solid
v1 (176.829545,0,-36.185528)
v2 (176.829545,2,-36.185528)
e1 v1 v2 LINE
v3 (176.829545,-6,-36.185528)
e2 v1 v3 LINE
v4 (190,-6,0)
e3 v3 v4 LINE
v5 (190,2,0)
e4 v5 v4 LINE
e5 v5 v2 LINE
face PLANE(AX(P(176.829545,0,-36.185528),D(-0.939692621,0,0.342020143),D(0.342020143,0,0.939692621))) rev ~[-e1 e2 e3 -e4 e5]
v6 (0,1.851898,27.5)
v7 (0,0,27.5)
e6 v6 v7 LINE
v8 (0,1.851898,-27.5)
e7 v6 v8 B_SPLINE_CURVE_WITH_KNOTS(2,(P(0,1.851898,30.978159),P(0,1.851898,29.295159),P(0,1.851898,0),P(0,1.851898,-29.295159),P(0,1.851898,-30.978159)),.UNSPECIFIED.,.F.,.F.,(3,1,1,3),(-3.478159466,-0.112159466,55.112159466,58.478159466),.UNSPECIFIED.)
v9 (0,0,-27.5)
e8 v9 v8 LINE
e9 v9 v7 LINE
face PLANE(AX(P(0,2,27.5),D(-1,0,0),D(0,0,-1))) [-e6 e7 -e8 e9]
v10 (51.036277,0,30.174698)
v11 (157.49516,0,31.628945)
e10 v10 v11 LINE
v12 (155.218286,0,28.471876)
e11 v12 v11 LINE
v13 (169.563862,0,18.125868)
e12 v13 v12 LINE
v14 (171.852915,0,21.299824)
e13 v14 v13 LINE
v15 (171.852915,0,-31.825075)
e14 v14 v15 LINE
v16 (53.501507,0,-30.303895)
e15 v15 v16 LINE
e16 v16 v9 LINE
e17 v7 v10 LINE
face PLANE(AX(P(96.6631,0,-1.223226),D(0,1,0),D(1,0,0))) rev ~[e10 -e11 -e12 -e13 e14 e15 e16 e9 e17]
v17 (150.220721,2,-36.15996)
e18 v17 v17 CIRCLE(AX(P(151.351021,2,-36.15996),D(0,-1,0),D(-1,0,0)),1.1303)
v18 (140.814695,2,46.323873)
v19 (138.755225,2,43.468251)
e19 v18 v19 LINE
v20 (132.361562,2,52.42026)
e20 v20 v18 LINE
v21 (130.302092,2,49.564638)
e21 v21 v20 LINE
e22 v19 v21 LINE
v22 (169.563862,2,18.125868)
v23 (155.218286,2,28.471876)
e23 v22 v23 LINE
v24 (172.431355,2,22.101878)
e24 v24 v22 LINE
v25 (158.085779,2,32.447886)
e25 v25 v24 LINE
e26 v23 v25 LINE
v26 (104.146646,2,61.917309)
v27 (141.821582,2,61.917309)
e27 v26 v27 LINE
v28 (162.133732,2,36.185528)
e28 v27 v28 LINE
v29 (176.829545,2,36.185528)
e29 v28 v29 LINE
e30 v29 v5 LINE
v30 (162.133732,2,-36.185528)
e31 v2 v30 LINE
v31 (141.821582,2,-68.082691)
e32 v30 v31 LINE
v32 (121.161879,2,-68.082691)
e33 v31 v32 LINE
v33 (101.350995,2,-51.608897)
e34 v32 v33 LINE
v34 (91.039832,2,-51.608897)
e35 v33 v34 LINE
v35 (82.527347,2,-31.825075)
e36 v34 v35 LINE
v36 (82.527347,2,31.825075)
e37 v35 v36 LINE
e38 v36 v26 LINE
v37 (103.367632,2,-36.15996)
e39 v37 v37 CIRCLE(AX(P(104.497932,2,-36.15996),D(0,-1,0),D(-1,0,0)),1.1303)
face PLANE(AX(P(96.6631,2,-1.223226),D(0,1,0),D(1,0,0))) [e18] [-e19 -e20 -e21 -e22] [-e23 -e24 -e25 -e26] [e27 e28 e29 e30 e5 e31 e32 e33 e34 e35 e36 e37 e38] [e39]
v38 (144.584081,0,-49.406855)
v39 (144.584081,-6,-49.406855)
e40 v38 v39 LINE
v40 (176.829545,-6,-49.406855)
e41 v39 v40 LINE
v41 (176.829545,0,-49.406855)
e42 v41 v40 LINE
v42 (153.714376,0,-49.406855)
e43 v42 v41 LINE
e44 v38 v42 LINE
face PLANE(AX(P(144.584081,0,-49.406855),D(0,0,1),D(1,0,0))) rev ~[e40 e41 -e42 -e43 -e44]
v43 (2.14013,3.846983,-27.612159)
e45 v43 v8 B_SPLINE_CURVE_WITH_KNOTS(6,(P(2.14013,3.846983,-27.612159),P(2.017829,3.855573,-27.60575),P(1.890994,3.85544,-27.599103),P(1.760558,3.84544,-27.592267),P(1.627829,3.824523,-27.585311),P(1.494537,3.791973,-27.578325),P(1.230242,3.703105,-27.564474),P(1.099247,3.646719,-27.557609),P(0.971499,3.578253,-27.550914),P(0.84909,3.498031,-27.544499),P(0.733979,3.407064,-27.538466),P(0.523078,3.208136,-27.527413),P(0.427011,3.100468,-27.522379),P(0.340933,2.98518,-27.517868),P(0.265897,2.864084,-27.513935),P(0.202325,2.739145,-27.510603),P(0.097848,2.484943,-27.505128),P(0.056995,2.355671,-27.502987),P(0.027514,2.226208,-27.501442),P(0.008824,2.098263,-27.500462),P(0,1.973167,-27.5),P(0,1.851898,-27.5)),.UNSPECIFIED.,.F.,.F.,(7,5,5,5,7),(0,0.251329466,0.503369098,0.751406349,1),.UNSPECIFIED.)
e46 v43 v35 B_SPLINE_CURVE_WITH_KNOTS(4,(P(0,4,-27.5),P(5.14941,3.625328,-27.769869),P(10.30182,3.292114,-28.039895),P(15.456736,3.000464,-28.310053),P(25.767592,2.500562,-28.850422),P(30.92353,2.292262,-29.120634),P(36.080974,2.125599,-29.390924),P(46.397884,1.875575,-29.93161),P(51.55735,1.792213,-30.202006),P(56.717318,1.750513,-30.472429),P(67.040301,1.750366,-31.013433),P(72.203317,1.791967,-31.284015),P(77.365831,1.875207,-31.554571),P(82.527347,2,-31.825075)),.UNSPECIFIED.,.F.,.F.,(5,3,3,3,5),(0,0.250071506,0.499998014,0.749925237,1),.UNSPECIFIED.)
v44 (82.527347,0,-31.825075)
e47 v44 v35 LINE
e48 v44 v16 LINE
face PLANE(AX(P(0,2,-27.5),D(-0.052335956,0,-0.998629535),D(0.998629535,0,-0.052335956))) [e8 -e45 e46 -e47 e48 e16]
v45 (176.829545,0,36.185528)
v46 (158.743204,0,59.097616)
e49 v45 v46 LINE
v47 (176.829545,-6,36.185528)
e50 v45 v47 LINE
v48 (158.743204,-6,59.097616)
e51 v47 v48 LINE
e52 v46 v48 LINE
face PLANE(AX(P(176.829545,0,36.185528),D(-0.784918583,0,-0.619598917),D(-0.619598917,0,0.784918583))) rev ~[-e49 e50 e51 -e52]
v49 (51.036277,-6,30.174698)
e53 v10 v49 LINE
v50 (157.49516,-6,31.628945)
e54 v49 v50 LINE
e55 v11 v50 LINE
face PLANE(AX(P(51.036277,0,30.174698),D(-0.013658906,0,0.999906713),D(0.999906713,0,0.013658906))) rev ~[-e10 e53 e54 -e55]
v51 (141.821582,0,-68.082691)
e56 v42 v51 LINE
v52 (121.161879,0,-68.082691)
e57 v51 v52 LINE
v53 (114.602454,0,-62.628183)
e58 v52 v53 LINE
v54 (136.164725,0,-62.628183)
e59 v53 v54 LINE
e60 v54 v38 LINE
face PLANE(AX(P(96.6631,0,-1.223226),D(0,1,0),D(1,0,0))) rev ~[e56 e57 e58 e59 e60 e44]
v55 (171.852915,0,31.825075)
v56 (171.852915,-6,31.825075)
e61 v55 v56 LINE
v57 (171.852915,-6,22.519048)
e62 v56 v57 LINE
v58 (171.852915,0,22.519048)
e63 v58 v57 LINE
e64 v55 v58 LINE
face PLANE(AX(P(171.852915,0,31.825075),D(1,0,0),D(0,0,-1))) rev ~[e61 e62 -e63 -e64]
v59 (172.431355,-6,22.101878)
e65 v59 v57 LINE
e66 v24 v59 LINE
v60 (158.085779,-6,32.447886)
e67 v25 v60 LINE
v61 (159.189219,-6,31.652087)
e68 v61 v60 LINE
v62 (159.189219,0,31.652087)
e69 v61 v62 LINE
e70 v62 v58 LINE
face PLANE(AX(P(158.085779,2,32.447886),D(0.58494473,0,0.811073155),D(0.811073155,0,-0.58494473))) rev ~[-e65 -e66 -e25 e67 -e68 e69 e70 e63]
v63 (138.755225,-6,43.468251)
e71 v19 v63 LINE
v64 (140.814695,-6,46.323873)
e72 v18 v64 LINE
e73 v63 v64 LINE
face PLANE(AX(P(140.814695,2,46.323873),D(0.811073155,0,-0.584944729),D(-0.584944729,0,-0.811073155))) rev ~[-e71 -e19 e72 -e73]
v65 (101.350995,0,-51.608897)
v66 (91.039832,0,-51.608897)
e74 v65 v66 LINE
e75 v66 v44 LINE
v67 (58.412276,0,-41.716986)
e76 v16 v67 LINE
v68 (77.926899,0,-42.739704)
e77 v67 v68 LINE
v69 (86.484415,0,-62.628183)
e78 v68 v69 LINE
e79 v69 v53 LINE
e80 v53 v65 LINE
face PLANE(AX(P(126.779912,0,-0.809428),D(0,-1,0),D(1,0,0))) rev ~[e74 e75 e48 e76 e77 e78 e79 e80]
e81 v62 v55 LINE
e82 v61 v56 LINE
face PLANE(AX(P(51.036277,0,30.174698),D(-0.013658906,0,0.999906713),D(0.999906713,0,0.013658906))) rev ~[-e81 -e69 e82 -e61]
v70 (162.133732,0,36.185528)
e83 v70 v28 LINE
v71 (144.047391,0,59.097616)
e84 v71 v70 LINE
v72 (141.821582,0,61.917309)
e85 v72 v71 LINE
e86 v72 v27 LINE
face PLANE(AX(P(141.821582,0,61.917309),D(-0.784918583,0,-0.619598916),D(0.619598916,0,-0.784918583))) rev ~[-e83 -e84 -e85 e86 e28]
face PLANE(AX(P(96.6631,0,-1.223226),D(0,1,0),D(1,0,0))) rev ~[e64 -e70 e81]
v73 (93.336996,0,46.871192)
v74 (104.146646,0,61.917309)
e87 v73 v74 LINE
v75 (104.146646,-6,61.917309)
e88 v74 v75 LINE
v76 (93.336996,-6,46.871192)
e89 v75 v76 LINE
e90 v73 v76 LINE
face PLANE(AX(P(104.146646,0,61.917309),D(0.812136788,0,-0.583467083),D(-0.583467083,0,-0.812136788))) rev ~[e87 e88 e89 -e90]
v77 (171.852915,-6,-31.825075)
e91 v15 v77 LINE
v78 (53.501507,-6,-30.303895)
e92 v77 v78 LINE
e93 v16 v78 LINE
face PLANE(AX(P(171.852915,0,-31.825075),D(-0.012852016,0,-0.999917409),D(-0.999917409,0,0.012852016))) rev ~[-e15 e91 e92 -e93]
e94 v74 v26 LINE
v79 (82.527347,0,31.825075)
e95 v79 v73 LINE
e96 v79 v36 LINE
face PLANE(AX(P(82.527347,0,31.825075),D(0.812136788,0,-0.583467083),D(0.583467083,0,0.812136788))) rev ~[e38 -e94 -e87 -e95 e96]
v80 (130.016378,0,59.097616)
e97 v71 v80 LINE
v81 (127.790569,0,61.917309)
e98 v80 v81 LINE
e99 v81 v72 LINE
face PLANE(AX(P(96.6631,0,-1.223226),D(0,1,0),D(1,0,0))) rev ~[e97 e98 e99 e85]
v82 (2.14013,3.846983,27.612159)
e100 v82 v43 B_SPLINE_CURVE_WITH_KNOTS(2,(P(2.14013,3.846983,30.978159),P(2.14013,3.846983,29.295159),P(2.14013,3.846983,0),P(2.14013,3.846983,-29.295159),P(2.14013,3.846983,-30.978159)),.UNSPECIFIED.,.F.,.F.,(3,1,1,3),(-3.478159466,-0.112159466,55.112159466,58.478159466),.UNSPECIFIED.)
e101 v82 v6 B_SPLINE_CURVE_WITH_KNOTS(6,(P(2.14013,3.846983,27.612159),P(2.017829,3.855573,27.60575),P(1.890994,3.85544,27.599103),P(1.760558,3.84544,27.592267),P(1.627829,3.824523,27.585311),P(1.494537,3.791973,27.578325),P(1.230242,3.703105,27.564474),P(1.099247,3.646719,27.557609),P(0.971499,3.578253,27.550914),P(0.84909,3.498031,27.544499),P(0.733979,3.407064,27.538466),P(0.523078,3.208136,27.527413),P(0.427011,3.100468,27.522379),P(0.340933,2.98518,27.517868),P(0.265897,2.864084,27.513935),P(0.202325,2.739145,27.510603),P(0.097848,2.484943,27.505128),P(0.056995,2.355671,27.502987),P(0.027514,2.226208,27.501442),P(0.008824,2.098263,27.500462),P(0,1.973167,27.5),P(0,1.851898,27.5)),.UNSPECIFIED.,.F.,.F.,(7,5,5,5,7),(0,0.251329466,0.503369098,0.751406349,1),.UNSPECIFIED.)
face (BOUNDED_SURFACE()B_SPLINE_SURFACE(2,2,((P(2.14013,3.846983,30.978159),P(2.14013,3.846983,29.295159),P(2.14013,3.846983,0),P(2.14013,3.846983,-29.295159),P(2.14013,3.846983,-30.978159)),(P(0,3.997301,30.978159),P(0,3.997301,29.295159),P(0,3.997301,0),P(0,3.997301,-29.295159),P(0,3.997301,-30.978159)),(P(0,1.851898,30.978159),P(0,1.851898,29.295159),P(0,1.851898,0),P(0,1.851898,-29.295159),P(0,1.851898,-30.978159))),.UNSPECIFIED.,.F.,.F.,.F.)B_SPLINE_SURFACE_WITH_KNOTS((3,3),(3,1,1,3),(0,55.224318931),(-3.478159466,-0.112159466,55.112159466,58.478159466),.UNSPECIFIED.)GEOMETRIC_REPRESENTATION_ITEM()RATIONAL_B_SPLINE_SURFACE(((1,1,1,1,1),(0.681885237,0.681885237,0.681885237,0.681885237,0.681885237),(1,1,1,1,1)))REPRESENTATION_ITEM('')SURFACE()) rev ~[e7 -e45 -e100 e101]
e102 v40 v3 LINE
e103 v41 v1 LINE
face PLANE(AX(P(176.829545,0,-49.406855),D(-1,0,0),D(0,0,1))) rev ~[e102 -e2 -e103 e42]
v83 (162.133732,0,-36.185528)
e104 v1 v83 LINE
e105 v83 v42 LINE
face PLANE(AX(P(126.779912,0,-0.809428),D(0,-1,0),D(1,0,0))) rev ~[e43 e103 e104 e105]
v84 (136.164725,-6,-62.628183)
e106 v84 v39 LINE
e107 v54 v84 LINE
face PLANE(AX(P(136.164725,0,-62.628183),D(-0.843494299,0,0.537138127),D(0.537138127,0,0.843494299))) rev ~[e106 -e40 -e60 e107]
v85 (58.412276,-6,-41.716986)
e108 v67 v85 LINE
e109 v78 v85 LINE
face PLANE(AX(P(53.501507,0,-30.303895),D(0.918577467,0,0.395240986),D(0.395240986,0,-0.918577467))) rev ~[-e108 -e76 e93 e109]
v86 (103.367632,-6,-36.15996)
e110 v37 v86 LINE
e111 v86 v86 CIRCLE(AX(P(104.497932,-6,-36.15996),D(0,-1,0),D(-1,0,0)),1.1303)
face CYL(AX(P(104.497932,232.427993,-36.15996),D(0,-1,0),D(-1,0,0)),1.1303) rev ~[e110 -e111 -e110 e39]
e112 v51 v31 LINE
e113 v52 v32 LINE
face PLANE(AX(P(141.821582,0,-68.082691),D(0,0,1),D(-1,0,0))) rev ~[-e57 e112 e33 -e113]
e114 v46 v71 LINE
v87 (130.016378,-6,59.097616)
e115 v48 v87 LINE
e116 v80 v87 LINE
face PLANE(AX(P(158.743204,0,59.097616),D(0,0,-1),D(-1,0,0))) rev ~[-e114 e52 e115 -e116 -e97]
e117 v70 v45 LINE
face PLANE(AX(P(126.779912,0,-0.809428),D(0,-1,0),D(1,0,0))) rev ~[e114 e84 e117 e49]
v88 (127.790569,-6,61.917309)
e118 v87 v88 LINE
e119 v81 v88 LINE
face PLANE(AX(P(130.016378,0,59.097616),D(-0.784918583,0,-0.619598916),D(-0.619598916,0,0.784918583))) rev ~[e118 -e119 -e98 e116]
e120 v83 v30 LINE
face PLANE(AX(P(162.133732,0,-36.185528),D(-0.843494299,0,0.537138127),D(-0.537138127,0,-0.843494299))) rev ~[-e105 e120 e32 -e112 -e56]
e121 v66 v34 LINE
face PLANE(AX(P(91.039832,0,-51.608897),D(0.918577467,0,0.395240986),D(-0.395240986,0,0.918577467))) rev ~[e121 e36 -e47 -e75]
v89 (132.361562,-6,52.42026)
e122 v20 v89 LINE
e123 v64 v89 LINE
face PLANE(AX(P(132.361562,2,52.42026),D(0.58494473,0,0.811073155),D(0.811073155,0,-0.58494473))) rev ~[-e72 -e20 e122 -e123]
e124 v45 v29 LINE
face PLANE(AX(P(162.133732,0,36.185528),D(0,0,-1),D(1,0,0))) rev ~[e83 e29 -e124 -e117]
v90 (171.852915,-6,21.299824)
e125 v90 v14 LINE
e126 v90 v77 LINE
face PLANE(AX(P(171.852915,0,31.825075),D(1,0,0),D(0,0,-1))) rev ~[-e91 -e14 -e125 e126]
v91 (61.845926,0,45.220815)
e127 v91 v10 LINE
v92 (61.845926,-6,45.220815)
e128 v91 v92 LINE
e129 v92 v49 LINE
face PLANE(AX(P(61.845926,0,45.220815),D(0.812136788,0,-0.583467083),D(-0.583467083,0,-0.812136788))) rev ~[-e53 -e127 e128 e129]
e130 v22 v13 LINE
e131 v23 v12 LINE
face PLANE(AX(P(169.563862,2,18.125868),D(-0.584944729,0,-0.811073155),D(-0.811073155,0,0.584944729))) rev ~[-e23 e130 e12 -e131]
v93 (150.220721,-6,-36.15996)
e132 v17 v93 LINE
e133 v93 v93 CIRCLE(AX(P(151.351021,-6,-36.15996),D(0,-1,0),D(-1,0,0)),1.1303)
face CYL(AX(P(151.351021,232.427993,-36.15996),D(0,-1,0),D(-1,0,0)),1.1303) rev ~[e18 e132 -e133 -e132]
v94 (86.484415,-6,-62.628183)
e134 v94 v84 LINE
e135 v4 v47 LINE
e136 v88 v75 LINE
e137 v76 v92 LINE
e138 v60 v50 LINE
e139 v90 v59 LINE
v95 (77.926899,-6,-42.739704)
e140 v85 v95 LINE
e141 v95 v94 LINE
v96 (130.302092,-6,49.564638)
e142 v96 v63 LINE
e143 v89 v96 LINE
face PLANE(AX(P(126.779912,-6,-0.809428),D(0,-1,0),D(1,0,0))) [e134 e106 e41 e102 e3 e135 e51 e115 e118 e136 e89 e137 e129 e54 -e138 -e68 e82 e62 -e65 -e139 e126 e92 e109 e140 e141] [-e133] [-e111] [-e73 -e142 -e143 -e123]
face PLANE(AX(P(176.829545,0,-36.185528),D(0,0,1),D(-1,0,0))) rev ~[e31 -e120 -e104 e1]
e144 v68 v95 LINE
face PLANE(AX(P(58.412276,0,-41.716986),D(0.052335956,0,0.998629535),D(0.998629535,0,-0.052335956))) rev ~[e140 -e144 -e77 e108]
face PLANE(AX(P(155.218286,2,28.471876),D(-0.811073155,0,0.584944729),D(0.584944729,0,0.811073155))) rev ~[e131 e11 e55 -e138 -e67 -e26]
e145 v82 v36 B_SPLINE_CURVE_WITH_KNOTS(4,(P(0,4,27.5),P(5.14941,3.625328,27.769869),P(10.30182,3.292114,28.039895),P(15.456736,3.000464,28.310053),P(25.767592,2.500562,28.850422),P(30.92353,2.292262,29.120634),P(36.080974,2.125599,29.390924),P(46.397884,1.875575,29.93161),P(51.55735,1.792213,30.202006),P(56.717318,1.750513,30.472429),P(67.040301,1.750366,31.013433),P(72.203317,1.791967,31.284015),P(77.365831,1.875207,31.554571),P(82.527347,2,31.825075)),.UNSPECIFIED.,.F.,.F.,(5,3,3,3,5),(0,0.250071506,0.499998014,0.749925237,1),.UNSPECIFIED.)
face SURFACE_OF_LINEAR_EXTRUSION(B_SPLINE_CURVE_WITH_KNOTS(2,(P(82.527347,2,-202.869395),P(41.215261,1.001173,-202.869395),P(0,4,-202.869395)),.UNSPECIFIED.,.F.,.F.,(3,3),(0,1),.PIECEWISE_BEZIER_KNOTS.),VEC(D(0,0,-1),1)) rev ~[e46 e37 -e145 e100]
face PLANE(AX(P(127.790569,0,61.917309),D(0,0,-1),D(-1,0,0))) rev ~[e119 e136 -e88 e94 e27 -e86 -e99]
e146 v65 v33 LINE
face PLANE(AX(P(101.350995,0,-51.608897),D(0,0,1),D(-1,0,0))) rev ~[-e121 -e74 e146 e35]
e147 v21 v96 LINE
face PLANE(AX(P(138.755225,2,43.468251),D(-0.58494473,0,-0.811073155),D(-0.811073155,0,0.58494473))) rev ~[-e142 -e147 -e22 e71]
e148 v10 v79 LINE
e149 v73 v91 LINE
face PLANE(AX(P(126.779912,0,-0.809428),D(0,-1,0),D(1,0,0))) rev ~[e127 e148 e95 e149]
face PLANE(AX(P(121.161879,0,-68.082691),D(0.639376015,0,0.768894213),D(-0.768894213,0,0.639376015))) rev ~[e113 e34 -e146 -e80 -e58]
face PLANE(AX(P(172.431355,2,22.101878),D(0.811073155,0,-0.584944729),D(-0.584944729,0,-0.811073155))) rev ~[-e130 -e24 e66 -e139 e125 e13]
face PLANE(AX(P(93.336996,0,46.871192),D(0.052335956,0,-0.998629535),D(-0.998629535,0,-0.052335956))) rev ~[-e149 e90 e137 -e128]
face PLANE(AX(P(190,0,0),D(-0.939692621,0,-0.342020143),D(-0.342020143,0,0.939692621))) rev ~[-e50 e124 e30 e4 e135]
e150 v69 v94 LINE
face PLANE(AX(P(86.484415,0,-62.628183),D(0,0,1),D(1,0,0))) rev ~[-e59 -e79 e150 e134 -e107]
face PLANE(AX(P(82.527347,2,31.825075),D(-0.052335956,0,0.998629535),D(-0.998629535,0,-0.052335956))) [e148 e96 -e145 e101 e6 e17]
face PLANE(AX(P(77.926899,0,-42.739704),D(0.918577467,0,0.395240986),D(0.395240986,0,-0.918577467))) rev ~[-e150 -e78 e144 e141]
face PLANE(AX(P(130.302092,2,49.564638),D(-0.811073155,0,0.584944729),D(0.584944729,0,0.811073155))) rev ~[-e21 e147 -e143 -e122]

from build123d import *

# Parameters (mm, degrees)
EXTRUDE_1_DEPTH          = 2
EXTRUDE_2_DEPTH          = 2
CUT_EXTRUDE_3_DEPTH      = 202.869395429
CUT_EXTRUDE_3_DEPTH_BACK = 202.869395429
FILLET_1_R               = 2
EXTRUDE_4_DEPTH          = 6
HOLE_WIZARD_4_40_2_D     = 2.2606
CUT_EXTRUDE_7_DEPTH      = 202.98824919


with BuildPart() as part:
    # 草图2 → 凸台-拉伸1 (new body)
    with BuildSketch(Plane(origin=(0, 0, 0), x_dir=(1, 0, 0), z_dir=(0, 1, 0))):
        Polygon((141.821582241, 68.082690978), (121.161879345, 68.082690978), (101.35099463, 51.608897425), (91.039832206, 51.608897425), (82.527346571, 31.825074964), (0, 27.5), (0, -27.5), (82.527346571, -31.825074964), (104.14664553, -61.917309022), (141.821582241, -61.917309022), (162.133732132, -36.18552755), (176.829545061, -36.18552755), (190, 0), (176.829545061, 36.18552755), (162.133732132, 36.18552755), align=None)
    extrude(amount=EXTRUDE_1_DEPTH)

    # 草图6 → 凸台-拉伸2 (add)
    with BuildSketch(Plane(origin=(0, 2, 0), x_dir=(1, 0, 0), z_dir=(0, 1, 0))):
        Polygon((82.527346571, 31.825074964), (82.527346571, -31.825074964), (0, -27.5), (0, 27.5), align=None)
    extrude(amount=EXTRUDE_2_DEPTH)

    # 草图7 → 切除-拉伸3 (cut, two sides: drawn at the far end of the back side and taken through both)
    with BuildSketch(Plane.XY.offset(-CUT_EXTRUDE_3_DEPTH_BACK)):
        with BuildLine():
            Line((82.527346571, 2), (82.527346571, 30.740821148))
            Line((82.527346571, 30.740821148), (0, 4))
            add(Edge.make_bspline(
                [(82.527346571, 2), (41.215261335, 1.001172546), (0, 4)],
                knots=[0, 0, 0, 1, 1, 1], degree=2))
        make_face()
    extrude(amount=CUT_EXTRUDE_3_DEPTH + CUT_EXTRUDE_3_DEPTH_BACK, mode=Mode.SUBTRACT)

    # 圆角1
    fillet_1_edges = [part.edges().sort_by_distance(p)[0] for p in [
        (0, 4, 13.75),
    ]]
    fillet(fillet_1_edges, radius=FILLET_1_R)

    # 草图13 → 凸台-拉伸4 (add)
    with BuildSketch(Plane.XZ):
        Polygon((53.501507434, -30.303895193), (58.412275987, -41.716986195), (77.926898746, -42.739704237), (86.484415452, -62.62818317), (136.164724768, -62.62818317), (144.584081331, -49.40685536), (176.829545061, -49.40685536), (176.829545061, -36.18552755), (190, 0), (176.829545061, 36.18552755), (158.743204348, 59.097615602), (130.016377906, 59.097615602), (127.790568727, 61.917309022), (104.14664553, 61.917309022), (93.336996051, 46.871191993), (61.845926158, 45.220814953), (51.036276678, 30.174697924), (171.852914921, 31.825074964), (171.852914921, -31.825074964), align=None)
    extrude(amount=EXTRUDE_4_DEPTH)

    # #4-40 螺纹孔2 (through all)
    with Locations(Plane(origin=(0, 2, 0), x_dir=(1, 0, 0), z_dir=(0, 1, 0))):
        with Locations((151.351021218, 36.159959894), (104.497931561, 36.159959894)):
            Hole(HOLE_WIZARD_4_40_2_D / 2)

    # 草图18 → 切除-拉伸7 (cut, through all)
    with BuildSketch(Plane(origin=(0, 2, 0), x_dir=(1, 0, 0), z_dir=(0, 1, 0))):
        Polygon((169.563862496, -18.125868021), (155.218286362, -28.471875769), (158.085778721, -32.447885738), (172.431354854, -22.101877989), align=None)
        Polygon((130.302091903, -49.564637909), (132.361562224, -52.420260001), (140.814695434, -46.323873151), (138.755225113, -43.468251059), align=None)
    extrude(amount=-CUT_EXTRUDE_7_DEPTH, mode=Mode.SUBTRACT)


solid = part.part
